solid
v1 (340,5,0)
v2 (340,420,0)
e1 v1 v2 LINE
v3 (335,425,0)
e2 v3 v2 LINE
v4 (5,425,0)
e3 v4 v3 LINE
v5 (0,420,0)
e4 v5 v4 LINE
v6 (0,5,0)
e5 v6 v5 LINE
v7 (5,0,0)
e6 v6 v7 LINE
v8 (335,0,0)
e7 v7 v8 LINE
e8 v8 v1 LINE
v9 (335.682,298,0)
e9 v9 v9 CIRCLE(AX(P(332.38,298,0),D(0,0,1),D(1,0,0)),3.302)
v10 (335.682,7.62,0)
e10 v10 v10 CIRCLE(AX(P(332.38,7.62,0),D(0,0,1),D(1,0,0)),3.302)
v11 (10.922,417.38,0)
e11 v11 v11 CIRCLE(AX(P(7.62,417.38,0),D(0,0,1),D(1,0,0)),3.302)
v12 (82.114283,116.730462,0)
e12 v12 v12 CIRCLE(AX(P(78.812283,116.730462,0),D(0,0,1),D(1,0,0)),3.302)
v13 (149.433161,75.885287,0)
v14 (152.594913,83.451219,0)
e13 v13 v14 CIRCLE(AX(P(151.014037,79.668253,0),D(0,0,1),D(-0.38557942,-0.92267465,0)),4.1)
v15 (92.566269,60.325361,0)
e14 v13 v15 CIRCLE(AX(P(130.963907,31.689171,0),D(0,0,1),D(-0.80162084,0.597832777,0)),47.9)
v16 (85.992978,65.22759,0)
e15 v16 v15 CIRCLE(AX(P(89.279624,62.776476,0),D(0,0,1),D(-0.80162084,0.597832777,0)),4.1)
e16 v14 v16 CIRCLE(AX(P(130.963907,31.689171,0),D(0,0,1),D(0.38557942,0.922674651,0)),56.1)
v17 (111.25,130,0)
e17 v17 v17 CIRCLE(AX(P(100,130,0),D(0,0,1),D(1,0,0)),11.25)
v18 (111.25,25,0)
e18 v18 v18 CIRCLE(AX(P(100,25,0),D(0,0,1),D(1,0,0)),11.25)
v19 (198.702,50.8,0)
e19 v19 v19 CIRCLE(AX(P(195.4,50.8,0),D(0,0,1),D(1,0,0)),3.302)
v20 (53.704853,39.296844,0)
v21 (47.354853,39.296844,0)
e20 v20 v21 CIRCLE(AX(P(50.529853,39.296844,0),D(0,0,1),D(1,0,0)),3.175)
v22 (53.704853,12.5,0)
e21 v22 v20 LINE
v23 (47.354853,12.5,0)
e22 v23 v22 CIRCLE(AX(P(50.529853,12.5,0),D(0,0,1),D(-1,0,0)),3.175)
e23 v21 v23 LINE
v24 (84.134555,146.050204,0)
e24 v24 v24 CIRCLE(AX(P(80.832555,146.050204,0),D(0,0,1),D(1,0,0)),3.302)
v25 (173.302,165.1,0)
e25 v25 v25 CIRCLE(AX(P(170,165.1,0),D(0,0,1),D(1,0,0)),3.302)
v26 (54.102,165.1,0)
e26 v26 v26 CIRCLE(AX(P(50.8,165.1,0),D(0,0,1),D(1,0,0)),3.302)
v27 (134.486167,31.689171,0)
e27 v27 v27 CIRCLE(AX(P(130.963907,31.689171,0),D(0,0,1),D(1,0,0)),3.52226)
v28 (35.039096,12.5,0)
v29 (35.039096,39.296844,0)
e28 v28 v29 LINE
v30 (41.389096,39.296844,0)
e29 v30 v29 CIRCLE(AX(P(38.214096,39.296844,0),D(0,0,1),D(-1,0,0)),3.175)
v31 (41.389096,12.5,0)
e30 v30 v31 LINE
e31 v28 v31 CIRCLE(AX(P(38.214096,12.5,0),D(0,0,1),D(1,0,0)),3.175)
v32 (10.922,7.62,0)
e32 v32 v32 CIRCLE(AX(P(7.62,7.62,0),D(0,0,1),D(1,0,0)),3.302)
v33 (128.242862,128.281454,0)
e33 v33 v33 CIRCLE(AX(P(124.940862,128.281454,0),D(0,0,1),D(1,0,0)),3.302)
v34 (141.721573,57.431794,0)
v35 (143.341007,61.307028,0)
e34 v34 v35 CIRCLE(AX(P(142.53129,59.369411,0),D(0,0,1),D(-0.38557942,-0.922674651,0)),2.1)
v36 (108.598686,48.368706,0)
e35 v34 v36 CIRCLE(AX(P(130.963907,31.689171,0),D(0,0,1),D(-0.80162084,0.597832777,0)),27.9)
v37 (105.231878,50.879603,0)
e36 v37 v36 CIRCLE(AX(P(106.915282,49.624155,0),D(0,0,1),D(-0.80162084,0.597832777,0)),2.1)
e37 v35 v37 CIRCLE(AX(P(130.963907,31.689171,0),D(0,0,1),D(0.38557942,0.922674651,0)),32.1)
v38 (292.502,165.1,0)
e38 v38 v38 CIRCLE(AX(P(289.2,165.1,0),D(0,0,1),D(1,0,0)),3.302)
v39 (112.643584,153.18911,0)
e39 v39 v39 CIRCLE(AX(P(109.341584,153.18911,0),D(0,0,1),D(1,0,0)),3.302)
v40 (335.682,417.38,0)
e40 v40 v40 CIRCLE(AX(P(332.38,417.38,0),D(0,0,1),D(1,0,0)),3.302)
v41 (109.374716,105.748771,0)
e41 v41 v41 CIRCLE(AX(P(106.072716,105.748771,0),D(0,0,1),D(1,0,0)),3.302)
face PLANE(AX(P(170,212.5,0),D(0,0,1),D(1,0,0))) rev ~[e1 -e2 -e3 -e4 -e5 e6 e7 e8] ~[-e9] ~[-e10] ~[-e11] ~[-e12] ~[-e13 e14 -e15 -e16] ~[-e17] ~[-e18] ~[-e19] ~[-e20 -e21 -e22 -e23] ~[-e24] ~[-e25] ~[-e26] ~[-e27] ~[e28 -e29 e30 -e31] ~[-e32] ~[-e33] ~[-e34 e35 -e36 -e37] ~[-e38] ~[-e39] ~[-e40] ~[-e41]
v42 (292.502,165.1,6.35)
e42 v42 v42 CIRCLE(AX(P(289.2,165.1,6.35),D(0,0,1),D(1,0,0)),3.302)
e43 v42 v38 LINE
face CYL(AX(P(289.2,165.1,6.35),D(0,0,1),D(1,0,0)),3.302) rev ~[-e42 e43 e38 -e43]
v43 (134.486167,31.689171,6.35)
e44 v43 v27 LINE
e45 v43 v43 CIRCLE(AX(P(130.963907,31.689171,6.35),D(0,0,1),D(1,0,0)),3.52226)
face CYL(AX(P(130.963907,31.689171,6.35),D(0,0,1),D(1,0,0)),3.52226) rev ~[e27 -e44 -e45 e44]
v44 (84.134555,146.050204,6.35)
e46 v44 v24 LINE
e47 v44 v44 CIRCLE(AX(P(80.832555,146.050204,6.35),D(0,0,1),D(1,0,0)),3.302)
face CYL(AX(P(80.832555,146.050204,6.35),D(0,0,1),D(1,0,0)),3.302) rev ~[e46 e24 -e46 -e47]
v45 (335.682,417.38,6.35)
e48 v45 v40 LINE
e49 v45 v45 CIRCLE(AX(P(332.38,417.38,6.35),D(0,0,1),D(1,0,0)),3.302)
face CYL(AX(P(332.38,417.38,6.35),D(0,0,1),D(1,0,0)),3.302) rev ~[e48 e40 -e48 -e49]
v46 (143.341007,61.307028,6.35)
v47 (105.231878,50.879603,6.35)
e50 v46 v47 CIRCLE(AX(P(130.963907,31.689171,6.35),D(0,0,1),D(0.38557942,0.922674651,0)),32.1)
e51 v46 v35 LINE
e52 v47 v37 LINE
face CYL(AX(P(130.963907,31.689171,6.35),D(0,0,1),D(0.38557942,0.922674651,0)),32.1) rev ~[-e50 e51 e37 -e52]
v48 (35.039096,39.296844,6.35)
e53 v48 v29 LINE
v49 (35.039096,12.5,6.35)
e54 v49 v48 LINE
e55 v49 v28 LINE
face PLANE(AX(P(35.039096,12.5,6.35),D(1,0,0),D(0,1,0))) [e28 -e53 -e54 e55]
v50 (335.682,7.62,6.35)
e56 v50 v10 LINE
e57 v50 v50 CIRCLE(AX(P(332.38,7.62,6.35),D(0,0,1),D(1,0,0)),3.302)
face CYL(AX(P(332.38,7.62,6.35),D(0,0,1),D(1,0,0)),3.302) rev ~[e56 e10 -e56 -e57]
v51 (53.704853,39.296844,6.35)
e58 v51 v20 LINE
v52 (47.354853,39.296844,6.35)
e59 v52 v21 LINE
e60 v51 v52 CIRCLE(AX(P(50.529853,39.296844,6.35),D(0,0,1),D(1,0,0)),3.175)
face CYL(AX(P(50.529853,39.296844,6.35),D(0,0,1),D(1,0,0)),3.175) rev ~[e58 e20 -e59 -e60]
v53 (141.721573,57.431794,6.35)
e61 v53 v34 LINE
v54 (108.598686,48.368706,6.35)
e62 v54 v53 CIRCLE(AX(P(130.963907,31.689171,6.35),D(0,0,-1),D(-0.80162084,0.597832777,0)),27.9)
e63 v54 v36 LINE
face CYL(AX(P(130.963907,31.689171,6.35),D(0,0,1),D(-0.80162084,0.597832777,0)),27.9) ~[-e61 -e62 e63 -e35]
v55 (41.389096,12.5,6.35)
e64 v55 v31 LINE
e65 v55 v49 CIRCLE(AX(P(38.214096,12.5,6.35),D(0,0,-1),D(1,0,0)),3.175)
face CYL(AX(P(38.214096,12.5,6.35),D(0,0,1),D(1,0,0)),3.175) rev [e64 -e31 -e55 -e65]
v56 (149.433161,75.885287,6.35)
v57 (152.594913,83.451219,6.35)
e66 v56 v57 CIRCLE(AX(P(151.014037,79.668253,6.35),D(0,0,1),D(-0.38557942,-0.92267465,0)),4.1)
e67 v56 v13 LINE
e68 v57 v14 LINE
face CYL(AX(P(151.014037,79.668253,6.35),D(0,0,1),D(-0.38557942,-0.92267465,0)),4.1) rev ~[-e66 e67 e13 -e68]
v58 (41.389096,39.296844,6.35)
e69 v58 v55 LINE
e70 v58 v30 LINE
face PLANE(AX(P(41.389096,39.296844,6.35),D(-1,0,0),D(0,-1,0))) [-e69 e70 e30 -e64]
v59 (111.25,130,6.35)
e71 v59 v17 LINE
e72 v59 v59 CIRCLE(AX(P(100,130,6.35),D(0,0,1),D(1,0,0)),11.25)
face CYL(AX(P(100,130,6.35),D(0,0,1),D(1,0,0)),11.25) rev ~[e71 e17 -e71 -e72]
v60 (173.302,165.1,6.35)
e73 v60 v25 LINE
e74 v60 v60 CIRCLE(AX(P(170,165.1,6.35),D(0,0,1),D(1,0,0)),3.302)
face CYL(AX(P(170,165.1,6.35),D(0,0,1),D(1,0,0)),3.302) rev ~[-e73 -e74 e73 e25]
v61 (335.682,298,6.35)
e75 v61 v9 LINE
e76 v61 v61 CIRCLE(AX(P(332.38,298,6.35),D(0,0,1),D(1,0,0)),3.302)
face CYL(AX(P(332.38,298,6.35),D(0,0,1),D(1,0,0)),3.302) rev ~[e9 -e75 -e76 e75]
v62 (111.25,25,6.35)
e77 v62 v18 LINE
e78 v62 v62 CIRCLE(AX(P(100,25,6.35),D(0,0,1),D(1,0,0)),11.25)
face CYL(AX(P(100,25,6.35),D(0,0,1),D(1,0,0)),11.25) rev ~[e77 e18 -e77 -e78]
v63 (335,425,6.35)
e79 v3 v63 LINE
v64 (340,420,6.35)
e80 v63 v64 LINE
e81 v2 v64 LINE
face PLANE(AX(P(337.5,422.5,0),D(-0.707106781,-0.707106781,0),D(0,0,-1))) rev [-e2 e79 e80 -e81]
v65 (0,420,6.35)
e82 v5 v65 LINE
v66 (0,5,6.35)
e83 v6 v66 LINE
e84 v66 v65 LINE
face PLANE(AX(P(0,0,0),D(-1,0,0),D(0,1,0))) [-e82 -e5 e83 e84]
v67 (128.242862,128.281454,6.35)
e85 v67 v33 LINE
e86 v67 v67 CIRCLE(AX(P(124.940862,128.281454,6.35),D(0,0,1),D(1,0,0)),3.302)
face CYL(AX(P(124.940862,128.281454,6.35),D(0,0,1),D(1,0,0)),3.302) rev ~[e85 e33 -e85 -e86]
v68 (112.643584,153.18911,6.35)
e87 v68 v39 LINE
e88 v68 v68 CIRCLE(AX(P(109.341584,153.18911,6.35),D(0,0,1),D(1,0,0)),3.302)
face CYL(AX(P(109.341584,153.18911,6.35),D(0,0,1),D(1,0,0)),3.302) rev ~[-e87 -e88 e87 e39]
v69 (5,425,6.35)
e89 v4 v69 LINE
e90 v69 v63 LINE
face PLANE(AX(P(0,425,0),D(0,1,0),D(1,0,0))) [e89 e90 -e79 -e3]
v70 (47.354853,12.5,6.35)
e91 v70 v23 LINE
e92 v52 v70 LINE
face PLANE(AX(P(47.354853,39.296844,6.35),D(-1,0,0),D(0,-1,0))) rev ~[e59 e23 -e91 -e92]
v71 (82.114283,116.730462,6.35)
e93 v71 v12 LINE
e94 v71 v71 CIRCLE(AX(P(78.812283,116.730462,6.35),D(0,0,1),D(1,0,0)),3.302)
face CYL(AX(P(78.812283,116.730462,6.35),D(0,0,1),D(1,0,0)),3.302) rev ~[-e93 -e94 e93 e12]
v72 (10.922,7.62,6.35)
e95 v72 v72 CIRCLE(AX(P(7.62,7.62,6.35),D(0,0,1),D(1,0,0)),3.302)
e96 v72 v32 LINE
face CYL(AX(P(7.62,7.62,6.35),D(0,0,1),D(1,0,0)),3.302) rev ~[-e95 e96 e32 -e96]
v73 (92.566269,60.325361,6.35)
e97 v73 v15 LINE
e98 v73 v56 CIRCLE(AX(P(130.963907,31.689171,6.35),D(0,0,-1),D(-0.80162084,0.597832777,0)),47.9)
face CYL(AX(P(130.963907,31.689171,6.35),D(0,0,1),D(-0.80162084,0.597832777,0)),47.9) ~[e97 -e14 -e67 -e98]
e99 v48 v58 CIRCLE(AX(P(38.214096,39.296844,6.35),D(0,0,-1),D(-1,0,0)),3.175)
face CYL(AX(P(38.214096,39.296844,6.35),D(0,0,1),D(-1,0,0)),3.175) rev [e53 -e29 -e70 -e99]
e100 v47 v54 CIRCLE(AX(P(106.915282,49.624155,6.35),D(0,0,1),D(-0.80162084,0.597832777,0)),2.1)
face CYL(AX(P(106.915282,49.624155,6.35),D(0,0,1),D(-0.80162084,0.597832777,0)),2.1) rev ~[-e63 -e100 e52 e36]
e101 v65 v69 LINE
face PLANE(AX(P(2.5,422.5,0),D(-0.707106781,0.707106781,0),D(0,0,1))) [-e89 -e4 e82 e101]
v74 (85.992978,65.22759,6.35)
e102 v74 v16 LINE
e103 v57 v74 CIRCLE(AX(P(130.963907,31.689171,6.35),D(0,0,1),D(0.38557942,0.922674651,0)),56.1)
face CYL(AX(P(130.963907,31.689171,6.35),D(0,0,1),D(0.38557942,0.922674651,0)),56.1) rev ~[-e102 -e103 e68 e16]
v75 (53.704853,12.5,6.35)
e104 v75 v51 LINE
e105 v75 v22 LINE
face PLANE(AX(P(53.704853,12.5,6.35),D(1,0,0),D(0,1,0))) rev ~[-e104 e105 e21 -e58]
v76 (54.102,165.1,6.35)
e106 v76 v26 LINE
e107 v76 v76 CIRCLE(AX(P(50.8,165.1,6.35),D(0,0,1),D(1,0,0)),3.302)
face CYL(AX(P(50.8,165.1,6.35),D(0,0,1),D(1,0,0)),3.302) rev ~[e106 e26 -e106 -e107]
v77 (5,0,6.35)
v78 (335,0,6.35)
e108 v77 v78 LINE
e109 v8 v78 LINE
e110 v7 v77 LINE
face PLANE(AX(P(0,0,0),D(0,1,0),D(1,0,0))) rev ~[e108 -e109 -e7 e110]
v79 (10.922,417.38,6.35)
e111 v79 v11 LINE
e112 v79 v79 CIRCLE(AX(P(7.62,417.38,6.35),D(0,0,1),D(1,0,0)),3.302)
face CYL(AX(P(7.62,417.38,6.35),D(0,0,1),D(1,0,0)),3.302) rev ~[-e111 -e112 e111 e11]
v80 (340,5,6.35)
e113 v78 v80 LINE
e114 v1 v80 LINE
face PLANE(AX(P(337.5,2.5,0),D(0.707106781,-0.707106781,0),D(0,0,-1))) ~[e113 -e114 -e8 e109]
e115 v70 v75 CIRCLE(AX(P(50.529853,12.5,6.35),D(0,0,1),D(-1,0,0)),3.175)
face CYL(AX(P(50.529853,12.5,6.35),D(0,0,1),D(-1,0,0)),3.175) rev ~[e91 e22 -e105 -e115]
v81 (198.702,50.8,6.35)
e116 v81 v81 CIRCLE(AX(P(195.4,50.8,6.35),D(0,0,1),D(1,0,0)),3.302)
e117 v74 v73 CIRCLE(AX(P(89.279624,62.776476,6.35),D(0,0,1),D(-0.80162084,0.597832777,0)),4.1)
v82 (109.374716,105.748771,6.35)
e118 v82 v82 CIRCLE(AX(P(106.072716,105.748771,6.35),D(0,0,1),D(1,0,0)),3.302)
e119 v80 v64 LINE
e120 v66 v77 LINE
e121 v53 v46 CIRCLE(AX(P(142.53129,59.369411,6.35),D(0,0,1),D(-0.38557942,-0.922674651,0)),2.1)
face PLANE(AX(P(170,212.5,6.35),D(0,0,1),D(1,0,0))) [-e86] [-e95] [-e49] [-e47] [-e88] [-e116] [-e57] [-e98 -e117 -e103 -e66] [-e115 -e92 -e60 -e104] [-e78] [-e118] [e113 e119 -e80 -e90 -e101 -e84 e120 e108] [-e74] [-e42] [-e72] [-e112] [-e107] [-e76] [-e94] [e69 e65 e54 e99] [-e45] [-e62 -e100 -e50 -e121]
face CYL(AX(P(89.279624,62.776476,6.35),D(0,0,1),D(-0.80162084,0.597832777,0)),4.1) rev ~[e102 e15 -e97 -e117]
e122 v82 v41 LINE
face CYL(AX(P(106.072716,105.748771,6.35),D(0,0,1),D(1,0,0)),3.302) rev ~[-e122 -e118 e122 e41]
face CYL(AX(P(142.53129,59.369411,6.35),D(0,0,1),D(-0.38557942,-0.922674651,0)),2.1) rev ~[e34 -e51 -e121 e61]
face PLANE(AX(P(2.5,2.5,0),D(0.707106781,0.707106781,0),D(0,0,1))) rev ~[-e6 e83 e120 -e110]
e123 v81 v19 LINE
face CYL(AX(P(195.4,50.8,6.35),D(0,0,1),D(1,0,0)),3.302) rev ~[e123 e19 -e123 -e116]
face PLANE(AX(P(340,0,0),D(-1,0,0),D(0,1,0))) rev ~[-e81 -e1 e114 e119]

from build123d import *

# Parameters (mm, degrees)
SKETCH1_W           = 340
SKETCH1_H           = 425
BOSS_EXTRUDE1_DEPTH = 6.35
SKETCH3_R           = 11.25
CUT_EXTRUDE1_DEPTH  = 7.35
SKETCH5_R           = 3.522259684
CUT_EXTRUDE2_DEPTH  = 10
CUT_EXTRUDE3_DEPTH  = 17
SKETCH8_R           = 3.302
CUT_EXTRUDE4_DEPTH  = 7.35
SKETCH9_R           = 3.302
CUT_EXTRUDE5_DEPTH  = 7.35
CHAMFER1_SIZE       = 5


with BuildPart() as part:
    # Sketch1 → Boss-Extrude1 (new body)
    with BuildSketch(Plane.XY):
        with Locations((170, 212.5)):
            Rectangle(SKETCH1_W, SKETCH1_H)
    extrude(amount=BOSS_EXTRUDE1_DEPTH)

    # Sketch3 → Cut-Extrude1 (cut, through all)
    with BuildSketch(Plane.XY.offset(6.35)):
        with Locations((100, 130)):
            Circle(SKETCH3_R)
        with Locations((100, 25)):
            Circle(SKETCH3_R)
    extrude(amount=-CUT_EXTRUDE1_DEPTH, mode=Mode.SUBTRACT)

    # Sketch5 → Cut-Extrude2 (cut)
    with BuildSketch(Plane.XY.offset(6.35)):
        with Locations((130.96390727, 31.689171279)):
            Circle(SKETCH5_R)
        with BuildLine():
            ThreePointArc((108.598685831, 48.368705745), (123.600570447, 58.5999734), (141.721573091, 57.431794029))
            ThreePointArc((141.721573091, 57.431794029), (144.468906639, 58.559694013), (143.341006655, 61.307027562))
            ThreePointArc((143.341006655, 61.307027562), (122.49211114, 62.651061892), (105.231878303, 50.879603407))
            ThreePointArc((105.231878303, 50.879603407), (105.659833236, 47.940750812), (108.598685831, 48.368705745))
        make_face()
        with BuildLine():
            ThreePointArc((92.56626903, 60.325361276), (118.322192796, 77.890870979), (149.433161493, 75.885287041))
            ThreePointArc((149.433161493, 75.885287041), (154.797003183, 78.087377485), (152.594912738, 83.451219175))
            ThreePointArc((152.594912738, 83.451219175), (116.15805796, 85.800138986), (85.992978141, 65.227590044))
            ThreePointArc((85.992978141, 65.227590044), (86.828509201, 59.489830216), (92.56626903, 60.325361276))
        make_face()
    extrude(amount=-CUT_EXTRUDE2_DEPTH, mode=Mode.SUBTRACT)

    # Sketch6 → Cut-Extrude3 (cut)
    with BuildSketch(Plane.XY.offset(6.35)):
        with BuildLine():
            Line((41.389095845, 39.296844069), (41.389095845, 12.5))
            ThreePointArc((41.389095845, 12.5), (38.214095845, 9.325), (35.039095845, 12.5))
            Line((35.039095845, 12.5), (35.039095845, 39.296844069))
            ThreePointArc((35.039095845, 39.296844069), (38.214095845, 42.471844069), (41.389095845, 39.296844069))
        make_face()
        with BuildLine():
            Line((47.354853439, 39.296844069), (47.354853439, 12.5))
            ThreePointArc((47.354853439, 12.5), (50.529853439, 9.325), (53.704853439, 12.5))
            Line((53.704853439, 12.5), (53.704853439, 39.296844069))
            ThreePointArc((53.704853439, 39.296844069), (50.529853439, 42.471844069), (47.354853439, 39.296844069))
        make_face()
    extrude(amount=-CUT_EXTRUDE3_DEPTH, mode=Mode.SUBTRACT)

    # Sketch8 → Cut-Extrude4 (cut, through all)
    with BuildSketch(Plane.XY.offset(6.35)):
        with Locations((332.38, 417.38)):
            Circle(SKETCH8_R)
        with Locations((7.62, 417.38)):
            Circle(SKETCH8_R)
        with Locations((50.8, 165.1)):
            Circle(SKETCH8_R)
        with Locations((332.38, 7.62)):
            Circle(SKETCH8_R)
        with Locations((195.4, 50.8)):
            Circle(SKETCH8_R)
        with Locations((289.2, 165.1)):
            Circle(SKETCH8_R)
        with Locations((170, 165.1)):
            Circle(SKETCH8_R)
        with Locations((332.38, 298)):
            Circle(SKETCH8_R)
        with Locations((7.62, 7.62)):
            Circle(SKETCH8_R)
    extrude(amount=-CUT_EXTRUDE4_DEPTH, mode=Mode.SUBTRACT)

    # Sketch9 → Cut-Extrude5 (cut, through all)
    with BuildSketch(Plane.XY.offset(6.35)):
        with Locations((78.812282865, 116.730461854)):
            Circle(SKETCH9_R)
        with Locations((80.832554611, 146.050203652)):
            Circle(SKETCH9_R)
        with Locations((109.341584408, 153.189109529)):
            Circle(SKETCH9_R)
        with Locations((124.940862061, 128.281454206)):
            Circle(SKETCH9_R)
        with Locations((106.072716055, 105.748770759)):
            Circle(SKETCH9_R)
    extrude(amount=-CUT_EXTRUDE5_DEPTH, mode=Mode.SUBTRACT)

    # Chamfer1
    chamfer1_edges = [part.edges().sort_by_distance(p)[0] for p in [
        (0, 425, 3.175),
        (340, 425, 3.175),
        (340, 0, 3.175),
        (0, 0, 3.175),
    ]]
    chamfer(chamfer1_edges, length=CHAMFER1_SIZE)


solid = part.part
